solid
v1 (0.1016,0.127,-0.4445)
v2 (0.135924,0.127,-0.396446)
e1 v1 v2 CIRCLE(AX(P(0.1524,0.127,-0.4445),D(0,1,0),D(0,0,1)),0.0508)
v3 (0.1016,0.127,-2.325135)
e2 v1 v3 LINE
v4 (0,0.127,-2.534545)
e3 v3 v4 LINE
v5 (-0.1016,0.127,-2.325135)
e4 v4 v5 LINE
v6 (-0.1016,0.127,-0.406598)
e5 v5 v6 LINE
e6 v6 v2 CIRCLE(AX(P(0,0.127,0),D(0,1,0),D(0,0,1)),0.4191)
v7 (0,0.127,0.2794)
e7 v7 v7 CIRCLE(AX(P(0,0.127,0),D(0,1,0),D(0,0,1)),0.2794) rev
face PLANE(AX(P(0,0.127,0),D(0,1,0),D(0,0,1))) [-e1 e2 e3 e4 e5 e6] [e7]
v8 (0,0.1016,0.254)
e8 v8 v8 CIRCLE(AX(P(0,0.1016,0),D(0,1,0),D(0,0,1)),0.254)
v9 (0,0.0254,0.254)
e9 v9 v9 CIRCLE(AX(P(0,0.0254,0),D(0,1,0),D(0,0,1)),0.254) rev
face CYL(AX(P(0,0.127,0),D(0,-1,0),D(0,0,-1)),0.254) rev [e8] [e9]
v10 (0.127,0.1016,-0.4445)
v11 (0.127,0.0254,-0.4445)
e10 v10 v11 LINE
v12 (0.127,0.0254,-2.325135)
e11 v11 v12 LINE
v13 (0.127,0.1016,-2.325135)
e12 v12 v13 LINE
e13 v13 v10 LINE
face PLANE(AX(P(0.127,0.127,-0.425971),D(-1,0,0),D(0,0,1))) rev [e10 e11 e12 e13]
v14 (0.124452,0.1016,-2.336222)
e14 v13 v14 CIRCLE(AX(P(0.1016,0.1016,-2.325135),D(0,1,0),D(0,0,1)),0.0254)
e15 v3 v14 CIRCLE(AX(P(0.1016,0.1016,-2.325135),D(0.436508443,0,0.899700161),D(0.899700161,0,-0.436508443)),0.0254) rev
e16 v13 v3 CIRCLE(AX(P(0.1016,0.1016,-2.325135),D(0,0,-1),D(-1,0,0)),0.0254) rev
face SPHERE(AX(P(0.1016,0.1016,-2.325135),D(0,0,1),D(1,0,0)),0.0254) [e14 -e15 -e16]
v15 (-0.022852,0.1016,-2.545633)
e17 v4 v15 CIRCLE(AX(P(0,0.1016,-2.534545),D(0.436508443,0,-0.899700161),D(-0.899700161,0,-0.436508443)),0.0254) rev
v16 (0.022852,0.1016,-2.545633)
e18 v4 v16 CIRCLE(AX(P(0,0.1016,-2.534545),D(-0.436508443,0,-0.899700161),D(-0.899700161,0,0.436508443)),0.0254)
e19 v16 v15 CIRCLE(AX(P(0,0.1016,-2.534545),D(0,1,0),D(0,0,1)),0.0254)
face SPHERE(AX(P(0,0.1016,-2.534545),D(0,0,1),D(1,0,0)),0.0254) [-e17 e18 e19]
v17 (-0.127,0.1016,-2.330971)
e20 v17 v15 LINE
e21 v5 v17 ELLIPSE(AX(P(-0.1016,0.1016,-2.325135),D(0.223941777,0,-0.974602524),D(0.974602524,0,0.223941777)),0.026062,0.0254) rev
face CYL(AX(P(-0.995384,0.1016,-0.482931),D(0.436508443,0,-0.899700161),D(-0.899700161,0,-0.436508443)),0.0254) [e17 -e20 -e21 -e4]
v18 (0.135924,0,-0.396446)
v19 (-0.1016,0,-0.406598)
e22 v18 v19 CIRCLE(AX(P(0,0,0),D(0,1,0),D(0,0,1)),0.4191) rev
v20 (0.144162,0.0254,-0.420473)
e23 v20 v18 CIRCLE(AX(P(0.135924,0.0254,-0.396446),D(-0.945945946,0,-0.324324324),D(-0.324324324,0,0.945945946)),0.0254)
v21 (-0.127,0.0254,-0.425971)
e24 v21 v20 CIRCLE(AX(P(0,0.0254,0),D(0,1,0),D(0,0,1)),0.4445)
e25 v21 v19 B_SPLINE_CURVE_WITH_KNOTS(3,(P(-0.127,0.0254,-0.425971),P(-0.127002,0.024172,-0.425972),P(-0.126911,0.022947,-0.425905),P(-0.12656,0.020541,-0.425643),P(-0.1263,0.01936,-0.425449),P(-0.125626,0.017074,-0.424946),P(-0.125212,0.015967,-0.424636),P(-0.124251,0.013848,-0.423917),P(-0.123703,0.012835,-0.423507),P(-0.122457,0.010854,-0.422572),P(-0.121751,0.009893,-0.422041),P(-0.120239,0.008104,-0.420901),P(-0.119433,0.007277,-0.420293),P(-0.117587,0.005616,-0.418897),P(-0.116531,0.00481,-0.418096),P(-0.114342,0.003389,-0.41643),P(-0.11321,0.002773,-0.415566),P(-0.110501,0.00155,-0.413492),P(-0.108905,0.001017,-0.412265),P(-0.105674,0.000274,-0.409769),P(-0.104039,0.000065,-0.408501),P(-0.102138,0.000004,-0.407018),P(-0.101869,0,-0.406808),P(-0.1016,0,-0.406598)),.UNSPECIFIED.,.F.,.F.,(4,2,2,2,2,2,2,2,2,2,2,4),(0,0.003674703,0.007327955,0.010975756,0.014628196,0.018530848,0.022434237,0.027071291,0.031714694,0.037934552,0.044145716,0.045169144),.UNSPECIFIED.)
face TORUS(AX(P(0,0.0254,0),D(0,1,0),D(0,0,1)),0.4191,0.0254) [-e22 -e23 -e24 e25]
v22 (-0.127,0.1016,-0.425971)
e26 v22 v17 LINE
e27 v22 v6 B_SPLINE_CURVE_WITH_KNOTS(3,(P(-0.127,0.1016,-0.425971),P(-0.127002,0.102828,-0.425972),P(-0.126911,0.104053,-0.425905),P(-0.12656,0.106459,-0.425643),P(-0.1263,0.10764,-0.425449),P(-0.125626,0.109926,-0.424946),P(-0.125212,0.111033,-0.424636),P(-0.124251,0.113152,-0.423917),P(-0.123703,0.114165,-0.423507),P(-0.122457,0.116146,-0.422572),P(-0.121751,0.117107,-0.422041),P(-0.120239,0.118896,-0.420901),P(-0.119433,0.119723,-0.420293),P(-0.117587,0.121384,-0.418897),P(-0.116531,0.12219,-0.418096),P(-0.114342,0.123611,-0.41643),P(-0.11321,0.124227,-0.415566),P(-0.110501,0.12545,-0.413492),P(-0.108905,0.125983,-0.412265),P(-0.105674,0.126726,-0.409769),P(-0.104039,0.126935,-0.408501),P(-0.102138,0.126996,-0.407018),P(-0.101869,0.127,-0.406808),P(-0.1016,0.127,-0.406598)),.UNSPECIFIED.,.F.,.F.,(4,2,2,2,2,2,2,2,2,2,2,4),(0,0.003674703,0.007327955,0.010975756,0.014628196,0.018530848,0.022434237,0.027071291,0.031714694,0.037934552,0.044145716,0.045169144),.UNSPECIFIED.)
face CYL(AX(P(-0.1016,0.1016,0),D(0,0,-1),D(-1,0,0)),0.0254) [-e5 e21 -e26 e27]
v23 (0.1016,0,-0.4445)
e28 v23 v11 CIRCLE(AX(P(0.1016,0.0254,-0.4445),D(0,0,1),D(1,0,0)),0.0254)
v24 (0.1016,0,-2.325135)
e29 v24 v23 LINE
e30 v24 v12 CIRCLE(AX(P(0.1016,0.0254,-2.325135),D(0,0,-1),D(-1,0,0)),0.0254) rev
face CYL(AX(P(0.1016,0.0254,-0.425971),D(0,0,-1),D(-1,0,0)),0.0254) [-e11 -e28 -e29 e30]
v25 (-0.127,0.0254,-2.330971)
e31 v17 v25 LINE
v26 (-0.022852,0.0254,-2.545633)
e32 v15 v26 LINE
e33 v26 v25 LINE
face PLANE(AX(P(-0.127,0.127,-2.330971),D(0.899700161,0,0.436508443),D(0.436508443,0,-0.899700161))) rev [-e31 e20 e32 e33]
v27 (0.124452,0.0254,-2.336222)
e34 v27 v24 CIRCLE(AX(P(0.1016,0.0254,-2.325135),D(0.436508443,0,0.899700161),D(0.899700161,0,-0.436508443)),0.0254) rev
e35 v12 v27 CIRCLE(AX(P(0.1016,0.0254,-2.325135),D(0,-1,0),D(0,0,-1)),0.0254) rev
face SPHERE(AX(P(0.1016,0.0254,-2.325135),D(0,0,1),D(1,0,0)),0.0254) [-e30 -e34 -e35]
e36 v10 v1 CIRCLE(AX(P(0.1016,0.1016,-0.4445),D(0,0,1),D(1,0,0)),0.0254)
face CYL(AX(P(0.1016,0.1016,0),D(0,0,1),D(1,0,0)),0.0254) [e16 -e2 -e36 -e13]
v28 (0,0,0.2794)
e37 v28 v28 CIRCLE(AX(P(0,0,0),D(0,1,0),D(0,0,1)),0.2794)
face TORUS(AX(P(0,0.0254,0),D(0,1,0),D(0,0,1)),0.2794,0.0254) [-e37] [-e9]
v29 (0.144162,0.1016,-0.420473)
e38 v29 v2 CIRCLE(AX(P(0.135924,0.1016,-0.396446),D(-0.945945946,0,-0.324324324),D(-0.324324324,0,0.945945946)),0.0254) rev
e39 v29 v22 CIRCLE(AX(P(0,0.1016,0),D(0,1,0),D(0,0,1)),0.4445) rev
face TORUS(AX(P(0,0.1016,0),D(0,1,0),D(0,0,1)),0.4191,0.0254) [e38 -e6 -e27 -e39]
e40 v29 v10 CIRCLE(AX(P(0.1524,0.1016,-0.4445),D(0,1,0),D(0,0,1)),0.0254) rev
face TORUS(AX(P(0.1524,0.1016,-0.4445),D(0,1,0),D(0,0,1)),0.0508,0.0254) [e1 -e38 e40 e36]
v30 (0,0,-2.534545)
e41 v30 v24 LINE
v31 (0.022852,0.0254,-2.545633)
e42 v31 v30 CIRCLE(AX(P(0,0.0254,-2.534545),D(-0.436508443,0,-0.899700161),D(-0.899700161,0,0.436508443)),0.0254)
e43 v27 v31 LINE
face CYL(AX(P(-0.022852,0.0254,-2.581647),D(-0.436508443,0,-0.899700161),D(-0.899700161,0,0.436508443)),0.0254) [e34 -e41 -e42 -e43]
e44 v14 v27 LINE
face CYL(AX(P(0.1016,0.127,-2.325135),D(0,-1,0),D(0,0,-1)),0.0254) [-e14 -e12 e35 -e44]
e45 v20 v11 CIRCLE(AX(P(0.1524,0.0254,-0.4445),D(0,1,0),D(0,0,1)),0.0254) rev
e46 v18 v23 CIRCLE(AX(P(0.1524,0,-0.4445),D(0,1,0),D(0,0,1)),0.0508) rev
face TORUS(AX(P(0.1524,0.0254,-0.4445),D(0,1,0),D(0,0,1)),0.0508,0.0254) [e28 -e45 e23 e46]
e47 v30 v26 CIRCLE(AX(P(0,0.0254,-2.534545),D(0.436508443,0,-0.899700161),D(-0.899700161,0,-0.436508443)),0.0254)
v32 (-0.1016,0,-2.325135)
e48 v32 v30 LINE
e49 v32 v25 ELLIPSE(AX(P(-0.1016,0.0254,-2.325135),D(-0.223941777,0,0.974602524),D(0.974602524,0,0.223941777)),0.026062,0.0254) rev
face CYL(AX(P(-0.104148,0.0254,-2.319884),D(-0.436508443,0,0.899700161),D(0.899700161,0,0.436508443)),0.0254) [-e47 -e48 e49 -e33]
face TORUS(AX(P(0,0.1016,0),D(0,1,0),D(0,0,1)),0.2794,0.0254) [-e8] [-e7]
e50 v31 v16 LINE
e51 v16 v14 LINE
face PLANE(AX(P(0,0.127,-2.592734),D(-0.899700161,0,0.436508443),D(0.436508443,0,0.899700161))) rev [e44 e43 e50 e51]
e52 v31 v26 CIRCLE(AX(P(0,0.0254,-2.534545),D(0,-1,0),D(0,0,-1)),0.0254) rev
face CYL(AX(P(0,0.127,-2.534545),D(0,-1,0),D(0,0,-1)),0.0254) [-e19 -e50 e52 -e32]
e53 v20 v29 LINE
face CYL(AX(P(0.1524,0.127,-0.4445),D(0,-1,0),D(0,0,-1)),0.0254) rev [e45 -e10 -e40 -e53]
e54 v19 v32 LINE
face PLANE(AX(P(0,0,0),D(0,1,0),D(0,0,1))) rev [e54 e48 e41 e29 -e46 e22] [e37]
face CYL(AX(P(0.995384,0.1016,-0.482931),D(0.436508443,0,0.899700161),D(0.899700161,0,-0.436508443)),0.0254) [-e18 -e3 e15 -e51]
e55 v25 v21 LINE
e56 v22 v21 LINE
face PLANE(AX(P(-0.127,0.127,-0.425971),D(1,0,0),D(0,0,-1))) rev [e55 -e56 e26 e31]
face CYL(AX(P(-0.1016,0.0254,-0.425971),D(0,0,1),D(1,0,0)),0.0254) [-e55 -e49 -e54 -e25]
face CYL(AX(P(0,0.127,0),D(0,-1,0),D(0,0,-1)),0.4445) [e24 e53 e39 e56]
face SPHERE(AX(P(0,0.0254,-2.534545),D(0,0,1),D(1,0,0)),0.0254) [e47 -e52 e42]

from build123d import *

# Parameters (mm, degrees)
SKETCH1_R      = 0.254
EXTRUDE1_DEPTH = 0.127
FILLET1_R      = 0.0254


with BuildPart() as part:
    # Sketch1 → Extrude1 (new body)
    with BuildSketch(Plane(origin=(0, 0, 0), x_dir=(1, 0, 0), z_dir=(0, 1, 0))):
        with BuildLine():
            Line((-0.127, 2.33097095), (0, 2.592734318))
            Line((0, 2.592734318), (0.127, 2.33097095))
            Line((0.127, 2.33097095), (0.127, 0.42597095))
            ThreePointArc((0.127, 0.42597095), (0, -0.4445), (-0.127, 0.42597095))
            Line((-0.127, 0.42597095), (-0.127, 2.33097095))
        make_face()
        Circle(SKETCH1_R, mode=Mode.SUBTRACT)
    extrude(amount=EXTRUDE1_DEPTH)

    # Fillet1
    fillet1_edges = [part.edges().sort_by_distance(p)[0] for p in [
        (0.0635, 0.127, -2.461852634),
        (-0.0635, 0.127, -2.461852634),
        (-0.254, 0, 0),
        (-0.254, 0.127, 0),
        (-0.127, 0.127, -1.37847095),
        (0, 0.127, 0.4445),
        (-0.127, 0, -1.37847095),
        (-0.0635, 0, -2.461852634),
        (0.0635, 0, -2.461852634),
        (0.127, 0, -1.37847095),
        (0, 0, 0.4445),
        (0.127, 0.127, -1.37847095),
        (0, 0.0635, -2.592734318),
        (0.127, 0.0635, -2.33097095),
        (0.127, 0.0635, -0.42597095),
    ]]
    fillet(fillet1_edges, radius=FILLET1_R)


solid = part.part
